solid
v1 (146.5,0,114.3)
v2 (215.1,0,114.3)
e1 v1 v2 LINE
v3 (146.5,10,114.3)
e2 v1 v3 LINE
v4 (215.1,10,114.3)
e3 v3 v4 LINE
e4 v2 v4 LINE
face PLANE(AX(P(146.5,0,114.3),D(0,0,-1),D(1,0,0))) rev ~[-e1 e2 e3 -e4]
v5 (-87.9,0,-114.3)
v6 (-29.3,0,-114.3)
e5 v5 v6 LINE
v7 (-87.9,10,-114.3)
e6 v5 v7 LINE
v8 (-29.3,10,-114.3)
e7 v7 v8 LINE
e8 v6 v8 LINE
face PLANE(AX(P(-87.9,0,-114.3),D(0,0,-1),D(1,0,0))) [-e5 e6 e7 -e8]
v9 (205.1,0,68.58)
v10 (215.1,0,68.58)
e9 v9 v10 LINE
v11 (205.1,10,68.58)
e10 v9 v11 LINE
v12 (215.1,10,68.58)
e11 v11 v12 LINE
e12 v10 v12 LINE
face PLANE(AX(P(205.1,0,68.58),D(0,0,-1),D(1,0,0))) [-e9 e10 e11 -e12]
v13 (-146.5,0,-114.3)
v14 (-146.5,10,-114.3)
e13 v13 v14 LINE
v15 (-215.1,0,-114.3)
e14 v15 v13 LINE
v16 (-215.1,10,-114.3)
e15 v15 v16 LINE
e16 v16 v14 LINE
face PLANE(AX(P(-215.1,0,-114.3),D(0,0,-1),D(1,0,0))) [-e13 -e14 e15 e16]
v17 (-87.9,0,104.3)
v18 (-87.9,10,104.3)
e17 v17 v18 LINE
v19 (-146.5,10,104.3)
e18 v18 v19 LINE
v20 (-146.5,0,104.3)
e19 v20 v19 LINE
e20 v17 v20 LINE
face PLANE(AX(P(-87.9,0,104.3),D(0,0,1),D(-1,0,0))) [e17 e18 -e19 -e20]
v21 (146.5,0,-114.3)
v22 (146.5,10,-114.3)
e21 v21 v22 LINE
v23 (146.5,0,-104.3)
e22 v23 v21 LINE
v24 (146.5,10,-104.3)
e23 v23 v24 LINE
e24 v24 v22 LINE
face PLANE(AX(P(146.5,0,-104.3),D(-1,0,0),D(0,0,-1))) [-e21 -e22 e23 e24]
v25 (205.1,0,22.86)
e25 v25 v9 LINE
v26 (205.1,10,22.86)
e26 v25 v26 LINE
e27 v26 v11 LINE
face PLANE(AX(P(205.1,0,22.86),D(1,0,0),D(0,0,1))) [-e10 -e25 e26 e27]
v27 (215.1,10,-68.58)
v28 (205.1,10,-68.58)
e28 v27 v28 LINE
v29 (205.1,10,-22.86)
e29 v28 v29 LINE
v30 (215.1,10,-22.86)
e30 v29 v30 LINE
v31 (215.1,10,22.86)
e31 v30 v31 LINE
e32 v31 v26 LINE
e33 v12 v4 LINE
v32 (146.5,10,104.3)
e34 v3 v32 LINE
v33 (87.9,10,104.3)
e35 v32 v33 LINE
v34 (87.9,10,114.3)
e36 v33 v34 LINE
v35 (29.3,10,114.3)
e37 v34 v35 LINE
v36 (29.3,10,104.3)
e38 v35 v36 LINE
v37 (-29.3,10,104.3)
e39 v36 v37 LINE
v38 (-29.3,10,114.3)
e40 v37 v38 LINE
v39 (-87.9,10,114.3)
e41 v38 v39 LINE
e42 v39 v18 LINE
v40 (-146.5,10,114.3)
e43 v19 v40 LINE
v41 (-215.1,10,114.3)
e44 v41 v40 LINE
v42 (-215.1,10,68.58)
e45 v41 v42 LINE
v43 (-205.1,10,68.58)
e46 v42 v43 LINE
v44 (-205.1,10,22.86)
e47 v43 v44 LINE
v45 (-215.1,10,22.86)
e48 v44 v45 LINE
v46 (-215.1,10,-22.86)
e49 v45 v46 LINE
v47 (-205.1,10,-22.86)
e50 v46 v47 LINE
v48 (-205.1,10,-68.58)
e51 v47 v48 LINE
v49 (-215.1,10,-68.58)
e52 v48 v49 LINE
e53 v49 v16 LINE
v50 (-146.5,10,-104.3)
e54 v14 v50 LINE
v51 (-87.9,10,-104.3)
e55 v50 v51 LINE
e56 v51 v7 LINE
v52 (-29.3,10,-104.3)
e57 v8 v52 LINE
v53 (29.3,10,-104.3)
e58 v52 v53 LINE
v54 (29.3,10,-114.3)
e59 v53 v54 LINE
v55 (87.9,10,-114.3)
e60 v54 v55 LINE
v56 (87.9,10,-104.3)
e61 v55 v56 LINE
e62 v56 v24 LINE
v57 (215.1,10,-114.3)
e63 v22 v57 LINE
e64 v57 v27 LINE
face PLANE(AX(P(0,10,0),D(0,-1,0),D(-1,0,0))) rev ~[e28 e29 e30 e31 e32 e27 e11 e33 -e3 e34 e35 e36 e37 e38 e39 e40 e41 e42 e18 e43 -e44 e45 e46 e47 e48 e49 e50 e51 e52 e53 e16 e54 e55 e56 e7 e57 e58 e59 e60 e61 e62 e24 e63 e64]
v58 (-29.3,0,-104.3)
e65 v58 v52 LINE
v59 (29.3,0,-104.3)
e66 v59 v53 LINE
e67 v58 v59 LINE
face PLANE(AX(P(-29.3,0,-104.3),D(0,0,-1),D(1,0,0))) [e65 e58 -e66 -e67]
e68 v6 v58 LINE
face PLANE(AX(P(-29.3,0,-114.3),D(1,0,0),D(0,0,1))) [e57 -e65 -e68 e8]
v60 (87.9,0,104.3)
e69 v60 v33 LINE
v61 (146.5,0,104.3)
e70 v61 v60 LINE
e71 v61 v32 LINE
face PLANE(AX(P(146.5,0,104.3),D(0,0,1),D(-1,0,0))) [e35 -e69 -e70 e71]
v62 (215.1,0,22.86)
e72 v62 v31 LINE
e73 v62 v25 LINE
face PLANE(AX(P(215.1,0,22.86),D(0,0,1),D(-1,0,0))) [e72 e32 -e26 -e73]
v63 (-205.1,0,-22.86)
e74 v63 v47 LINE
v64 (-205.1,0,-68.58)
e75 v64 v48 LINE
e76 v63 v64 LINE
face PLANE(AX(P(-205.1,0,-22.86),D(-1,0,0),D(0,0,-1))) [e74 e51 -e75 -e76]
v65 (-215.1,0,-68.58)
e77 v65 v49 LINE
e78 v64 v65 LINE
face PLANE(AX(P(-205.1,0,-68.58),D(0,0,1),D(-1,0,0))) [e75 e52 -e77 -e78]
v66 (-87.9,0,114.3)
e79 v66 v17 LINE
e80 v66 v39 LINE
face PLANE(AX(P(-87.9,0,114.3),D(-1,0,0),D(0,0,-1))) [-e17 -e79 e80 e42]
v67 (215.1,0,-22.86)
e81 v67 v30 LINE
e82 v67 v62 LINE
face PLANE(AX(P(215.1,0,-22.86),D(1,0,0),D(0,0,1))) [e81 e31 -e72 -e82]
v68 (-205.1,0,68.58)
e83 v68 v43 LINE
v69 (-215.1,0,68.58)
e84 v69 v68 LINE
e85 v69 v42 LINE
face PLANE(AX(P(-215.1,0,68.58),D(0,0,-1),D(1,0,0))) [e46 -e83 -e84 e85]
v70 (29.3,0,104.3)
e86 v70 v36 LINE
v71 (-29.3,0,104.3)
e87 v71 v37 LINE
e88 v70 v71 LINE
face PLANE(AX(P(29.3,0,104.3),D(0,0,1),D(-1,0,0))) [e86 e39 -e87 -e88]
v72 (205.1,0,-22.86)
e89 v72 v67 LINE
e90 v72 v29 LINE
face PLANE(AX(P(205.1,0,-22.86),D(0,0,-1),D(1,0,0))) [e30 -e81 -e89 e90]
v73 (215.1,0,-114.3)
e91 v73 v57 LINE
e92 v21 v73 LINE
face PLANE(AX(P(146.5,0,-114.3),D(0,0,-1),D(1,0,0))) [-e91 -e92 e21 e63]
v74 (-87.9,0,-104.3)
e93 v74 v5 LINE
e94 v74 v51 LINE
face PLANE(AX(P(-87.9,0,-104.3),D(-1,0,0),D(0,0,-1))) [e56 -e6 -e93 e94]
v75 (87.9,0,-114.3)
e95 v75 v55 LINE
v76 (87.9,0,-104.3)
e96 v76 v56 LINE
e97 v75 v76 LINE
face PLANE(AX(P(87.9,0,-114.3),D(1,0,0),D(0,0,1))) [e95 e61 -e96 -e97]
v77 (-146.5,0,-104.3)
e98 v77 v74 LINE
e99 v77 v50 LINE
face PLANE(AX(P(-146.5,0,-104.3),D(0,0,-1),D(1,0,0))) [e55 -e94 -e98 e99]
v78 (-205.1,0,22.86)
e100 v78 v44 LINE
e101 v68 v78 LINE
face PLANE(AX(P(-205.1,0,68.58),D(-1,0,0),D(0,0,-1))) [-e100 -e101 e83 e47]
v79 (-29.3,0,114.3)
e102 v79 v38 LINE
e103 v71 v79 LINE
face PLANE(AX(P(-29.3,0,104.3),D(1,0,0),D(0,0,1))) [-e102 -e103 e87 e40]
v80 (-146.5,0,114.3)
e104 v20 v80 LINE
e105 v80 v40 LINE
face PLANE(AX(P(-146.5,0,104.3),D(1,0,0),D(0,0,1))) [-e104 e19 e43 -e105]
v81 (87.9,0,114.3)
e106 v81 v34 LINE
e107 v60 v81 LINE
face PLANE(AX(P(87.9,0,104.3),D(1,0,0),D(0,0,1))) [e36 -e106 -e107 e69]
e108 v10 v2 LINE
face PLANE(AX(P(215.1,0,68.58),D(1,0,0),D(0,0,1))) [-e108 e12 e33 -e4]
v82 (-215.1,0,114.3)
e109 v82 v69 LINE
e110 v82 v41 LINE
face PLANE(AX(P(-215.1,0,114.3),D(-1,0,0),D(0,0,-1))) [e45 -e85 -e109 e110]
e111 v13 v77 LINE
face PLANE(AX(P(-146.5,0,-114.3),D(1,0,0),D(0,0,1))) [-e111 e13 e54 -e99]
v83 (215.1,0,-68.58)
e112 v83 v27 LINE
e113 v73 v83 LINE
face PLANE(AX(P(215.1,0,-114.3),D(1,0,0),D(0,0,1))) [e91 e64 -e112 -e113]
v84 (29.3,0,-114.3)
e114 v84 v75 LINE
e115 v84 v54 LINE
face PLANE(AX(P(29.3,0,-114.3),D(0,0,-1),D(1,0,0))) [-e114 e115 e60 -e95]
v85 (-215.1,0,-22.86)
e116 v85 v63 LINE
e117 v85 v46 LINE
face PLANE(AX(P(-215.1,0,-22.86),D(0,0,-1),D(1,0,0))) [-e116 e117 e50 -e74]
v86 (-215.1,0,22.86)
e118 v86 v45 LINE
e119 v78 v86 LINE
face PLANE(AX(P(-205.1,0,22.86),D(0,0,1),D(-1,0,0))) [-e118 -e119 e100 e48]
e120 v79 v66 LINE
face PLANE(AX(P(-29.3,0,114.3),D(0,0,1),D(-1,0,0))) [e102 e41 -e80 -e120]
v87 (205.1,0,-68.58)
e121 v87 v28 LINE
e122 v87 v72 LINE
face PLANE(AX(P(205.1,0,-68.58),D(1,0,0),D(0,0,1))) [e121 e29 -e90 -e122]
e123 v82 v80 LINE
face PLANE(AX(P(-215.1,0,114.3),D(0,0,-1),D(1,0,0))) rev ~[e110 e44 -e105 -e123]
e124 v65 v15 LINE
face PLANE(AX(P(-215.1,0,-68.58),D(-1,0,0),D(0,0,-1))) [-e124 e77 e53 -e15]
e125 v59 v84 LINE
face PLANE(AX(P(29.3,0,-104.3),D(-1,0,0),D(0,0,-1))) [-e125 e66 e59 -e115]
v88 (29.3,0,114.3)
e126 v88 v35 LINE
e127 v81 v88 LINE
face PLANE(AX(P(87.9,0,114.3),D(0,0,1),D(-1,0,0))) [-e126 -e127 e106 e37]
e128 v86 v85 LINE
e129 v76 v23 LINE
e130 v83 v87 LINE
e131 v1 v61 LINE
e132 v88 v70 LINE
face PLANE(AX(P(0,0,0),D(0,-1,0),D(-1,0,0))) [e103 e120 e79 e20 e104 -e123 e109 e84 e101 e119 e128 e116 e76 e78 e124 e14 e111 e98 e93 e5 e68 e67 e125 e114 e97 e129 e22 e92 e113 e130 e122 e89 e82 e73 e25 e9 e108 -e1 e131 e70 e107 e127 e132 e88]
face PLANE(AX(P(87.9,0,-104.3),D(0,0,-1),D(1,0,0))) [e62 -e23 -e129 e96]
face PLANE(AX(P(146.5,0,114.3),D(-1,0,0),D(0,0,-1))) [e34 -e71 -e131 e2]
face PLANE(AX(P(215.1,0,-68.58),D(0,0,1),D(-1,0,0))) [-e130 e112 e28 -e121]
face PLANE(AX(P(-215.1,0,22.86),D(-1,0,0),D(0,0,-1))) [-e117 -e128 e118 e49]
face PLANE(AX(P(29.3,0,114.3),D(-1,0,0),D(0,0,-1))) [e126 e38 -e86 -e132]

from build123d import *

# Parameters (mm, degrees)
BOSS_EXTRUDE1_DEPTH = 10


with BuildPart() as part:
    # Sketch1 → Boss-Extrude1 (new body)
    with BuildSketch(Plane(origin=(0, 0, 0), x_dir=(1, 0, 0), z_dir=(0, 1, 0))):
        Polygon((-215.1, 114.3), (-146.5, 114.3), (-146.5, 104.3), (-87.9, 104.3), (-87.9, 114.3), (-29.3, 114.3), (-29.3, 104.3), (29.3, 104.3), (29.3, 114.3), (87.9, 114.3), (87.9, 104.3), (146.5, 104.3), (146.5, 114.3), (215.1, 114.3), (215.1, 68.58), (205.1, 68.58), (205.1, 22.86), (215.1, 22.86), (215.1, -22.86), (205.1, -22.86), (205.1, -68.58), (215.1, -68.58), (215.1, -114.3), (205.1, -114.3), (146.5, -114.3), (146.5, -104.3), (87.9, -104.3), (87.9, -114.3), (29.3, -114.3), (29.3, -104.3), (-29.3, -104.3), (-29.3, -114.3), (-87.9, -114.3), (-87.9, -104.3), (-146.5, -104.3), (-146.5, -114.3), (-205.1, -114.3), (-215.1, -114.3), (-215.1, -68.58), (-205.1, -68.58), (-205.1, -22.86), (-215.1, -22.86), (-215.1, 22.86), (-205.1, 22.86), (-205.1, 68.58), (-215.1, 68.58), align=None)
    extrude(amount=BOSS_EXTRUDE1_DEPTH)


solid = part.part
